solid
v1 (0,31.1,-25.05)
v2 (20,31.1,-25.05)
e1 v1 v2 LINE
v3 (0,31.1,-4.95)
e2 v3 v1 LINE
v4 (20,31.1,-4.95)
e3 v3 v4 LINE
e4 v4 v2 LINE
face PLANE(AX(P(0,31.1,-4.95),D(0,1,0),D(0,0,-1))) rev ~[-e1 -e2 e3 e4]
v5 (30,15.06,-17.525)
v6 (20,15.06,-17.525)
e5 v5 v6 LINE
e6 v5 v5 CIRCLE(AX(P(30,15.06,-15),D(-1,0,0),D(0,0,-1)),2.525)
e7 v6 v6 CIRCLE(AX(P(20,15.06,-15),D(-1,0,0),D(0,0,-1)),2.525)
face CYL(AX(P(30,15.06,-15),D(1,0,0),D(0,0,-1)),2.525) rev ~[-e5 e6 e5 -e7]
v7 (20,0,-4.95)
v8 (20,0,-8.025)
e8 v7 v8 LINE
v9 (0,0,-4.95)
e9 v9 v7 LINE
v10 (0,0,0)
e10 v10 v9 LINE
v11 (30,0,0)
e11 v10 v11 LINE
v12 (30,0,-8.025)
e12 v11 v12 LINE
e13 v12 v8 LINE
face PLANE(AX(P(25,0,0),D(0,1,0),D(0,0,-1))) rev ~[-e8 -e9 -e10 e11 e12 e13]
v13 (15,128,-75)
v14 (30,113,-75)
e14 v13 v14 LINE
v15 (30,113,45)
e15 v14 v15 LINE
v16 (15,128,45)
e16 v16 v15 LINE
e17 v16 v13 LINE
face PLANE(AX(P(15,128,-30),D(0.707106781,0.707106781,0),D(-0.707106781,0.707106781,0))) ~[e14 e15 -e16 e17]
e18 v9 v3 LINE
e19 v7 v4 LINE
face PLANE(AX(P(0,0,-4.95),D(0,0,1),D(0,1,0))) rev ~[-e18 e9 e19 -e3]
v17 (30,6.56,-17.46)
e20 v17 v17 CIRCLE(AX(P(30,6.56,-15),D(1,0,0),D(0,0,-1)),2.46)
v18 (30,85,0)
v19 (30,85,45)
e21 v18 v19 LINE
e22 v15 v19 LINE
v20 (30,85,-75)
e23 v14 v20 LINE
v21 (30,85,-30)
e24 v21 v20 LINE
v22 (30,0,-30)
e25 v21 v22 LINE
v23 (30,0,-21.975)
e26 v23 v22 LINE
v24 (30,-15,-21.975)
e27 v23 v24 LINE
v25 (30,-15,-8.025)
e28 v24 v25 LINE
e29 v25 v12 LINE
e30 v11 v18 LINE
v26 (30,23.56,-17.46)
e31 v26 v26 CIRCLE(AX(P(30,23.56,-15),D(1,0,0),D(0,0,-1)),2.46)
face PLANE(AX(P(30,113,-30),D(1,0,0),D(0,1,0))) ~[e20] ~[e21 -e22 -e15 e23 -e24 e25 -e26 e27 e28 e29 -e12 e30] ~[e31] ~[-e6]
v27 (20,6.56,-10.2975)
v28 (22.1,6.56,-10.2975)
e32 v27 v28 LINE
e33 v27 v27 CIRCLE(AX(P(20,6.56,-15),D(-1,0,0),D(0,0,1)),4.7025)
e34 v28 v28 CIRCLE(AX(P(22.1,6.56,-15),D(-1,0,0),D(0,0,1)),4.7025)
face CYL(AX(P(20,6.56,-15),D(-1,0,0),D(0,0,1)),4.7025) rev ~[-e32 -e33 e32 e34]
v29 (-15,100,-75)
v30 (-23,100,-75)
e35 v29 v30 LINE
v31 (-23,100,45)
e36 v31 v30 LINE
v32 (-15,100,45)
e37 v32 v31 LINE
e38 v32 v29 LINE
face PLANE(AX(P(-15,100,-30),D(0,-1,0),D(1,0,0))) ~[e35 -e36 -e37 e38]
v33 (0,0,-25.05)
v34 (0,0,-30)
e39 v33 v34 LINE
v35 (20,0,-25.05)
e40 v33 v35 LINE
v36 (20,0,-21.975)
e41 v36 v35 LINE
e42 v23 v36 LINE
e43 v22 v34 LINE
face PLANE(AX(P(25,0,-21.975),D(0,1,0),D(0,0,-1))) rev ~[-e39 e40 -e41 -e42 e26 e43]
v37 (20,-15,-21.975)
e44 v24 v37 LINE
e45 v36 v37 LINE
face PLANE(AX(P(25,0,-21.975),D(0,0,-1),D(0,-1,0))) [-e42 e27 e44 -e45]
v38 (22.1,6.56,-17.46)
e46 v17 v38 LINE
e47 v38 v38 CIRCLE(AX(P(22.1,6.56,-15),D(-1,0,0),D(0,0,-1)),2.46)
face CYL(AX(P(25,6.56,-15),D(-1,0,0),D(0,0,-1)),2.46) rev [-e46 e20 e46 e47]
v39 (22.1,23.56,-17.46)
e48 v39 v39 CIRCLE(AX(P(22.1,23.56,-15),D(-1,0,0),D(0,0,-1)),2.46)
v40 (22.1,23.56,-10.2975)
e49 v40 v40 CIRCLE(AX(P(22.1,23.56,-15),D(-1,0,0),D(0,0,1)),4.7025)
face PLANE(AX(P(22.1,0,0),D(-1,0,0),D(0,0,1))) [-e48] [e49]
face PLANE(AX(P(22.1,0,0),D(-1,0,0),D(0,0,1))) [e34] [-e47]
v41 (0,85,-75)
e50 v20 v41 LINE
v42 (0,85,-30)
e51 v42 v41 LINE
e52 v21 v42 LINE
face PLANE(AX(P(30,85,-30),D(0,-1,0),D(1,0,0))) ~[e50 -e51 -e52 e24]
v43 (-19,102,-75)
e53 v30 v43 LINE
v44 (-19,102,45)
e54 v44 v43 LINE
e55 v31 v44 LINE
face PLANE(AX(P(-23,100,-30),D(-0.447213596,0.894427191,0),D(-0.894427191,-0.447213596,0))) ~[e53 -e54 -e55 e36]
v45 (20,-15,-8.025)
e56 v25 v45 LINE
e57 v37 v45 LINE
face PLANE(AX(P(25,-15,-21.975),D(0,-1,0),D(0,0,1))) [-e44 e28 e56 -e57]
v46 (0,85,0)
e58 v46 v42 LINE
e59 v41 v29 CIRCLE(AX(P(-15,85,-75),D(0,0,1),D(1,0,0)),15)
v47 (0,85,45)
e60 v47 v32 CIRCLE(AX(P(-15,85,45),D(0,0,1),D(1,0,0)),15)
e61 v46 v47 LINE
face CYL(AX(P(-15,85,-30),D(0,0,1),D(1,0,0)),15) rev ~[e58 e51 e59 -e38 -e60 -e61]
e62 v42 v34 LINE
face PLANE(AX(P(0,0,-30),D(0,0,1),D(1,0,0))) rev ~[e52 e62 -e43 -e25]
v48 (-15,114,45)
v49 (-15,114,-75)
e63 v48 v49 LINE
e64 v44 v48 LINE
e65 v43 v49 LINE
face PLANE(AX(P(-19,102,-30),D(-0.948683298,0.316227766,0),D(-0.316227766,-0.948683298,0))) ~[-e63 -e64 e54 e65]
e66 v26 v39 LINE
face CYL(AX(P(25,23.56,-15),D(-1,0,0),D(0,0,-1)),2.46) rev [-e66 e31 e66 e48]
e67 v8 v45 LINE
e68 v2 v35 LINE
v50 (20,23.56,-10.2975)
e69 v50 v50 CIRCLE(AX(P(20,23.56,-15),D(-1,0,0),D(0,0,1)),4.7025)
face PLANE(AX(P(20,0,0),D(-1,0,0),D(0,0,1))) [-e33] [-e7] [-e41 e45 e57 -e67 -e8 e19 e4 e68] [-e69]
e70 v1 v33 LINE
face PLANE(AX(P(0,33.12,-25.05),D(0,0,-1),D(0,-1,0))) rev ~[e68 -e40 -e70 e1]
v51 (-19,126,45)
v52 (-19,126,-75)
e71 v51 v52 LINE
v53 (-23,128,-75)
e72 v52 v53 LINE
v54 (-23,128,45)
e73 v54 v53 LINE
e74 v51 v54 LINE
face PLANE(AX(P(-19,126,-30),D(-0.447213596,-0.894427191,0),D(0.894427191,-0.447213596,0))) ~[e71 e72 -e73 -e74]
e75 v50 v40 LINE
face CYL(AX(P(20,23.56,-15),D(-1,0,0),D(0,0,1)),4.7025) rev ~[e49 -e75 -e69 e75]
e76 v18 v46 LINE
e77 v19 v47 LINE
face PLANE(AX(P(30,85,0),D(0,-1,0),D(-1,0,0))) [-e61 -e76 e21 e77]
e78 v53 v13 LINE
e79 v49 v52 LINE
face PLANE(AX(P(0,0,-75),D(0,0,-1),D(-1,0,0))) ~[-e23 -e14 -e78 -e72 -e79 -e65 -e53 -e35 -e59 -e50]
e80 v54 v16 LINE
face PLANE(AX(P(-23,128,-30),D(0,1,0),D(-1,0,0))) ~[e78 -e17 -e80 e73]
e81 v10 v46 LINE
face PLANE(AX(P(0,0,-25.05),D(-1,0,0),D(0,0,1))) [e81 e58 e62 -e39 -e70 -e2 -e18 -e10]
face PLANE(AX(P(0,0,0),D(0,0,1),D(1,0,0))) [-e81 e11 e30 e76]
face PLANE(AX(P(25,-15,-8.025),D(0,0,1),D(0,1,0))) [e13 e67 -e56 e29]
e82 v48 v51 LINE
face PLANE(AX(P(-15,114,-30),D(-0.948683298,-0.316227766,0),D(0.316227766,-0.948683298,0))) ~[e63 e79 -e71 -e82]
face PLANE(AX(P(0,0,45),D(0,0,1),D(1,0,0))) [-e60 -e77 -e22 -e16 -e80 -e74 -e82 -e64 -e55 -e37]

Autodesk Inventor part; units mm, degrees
ref_plane "YZ Plane" through (0, 0, 0) normal (1, 0, 0) x (0, 1, 0)
ref_plane "XZ Plane" through (0, 0, 0) normal (0, 1, 0) x (-1, 0, 0)
sketch "Sketch1" plane through (0, 0, 0) normal (0, 0, 1) x (1, 0, 0)
  line L0 (0, 0) -> (25, 0)
  line L1 (25, 0) -> (25, 40)
  line L2 (25, 40) -> (0, 40)
  line L3 (0, 40) -> (0, 0)
  dimension "d1" = 25
  dimension "d2" = 40
  dimension "d3" = 25
extrude "Extrusion1" add sketch "Sketch1" against normal blind 30
sketch "Sketch2" plane through (25, 0, 0) normal (1, 0, 0) x (0, 0, -1)
  line L0 (0, 0) -> (30, 0) projected
  circle A0 centre (15, 6.56) radius 2.46
extrude "Extrusion2" cut sketch "Sketch2" against normal blind 30
sketch "Sketch3" plane through (0, 0, 0) normal (-1, 0, 0) x (0, 0, 1)
  line L0 (0, 0) -> (-30, 0) projected
  line L1 (-25.05, 0) -> (-4.95, 0)
  line L2 (-4.95, 0) -> (-4.95, 33.12)
  line L3 (-4.95, 33.12) -> (-25.05, 33.12)
  line L4 (-25.05, 33.12) -> (-25.05, 0)
  dimension "d11" = 20.1
extrude "Extrusion3" cut sketch "Sketch3" against normal blind 20
sketch "Sketch4" plane through (0, 0, 0) normal (0, -1, 0) x (1, 0, 0)
  line L0 (20, -4.95) -> (20, -25.05) projected
  line L1 (20, -15) -> (25, -15)
  line L2 (25, 0) -> (25, -30) projected
  line L3 (20, -8.025) -> (25, -8.025)
  line L4 (25, -8.025) -> (25, -21.975)
  line L5 (25, -21.975) -> (20, -21.975)
  line L6 (20, -21.975) -> (20, -8.025)
  line L7 (20, -8.025) -> (25, -21.975) construction
  line L8 (25, -8.025) -> (20, -21.975) construction
  line L9 (25, -12.54) -> (25, -17.46) projected
  point P0 (0, 0)
  point P1 (22.5, -15)
  dimension "d14" = 13.95
extrude "Extrusion4" add sketch "Sketch4" along normal blind 15
sketch "Sketch5" plane through (20, 0, 0) normal (-1, 0, 0) x (0, 0, 1)
  circle A0 centre (-15, 6.56) radius 2.46 projected
  circle A1 centre (-15, 6.56) radius 4.7025
  circle A2 centre (-15, 6.56) radius 2.46 projected
  circle A3 centre (-15, 6.56) radius 2.46
  point P0 (0, 0)
  dimension "d17" = 9.405
extrude "Extrusion5" cut sketch "Sketch5" against normal blind 2.1
sketch "Sketch6" plane through (25, 0, 0) normal (1, 0, 0) x (0, 0, -1)
  circle A0 centre (15, 6.56) radius 4.7025 projected
  line L0 (15, 6.56) -> (15, 23.56)
  circle A1 centre (15, 23.56) radius 2.46
  point P0 (0, 0)
  dimension "d20" = 17
  dimension "d21" = 4.92
extrude "Extrusion6" cut sketch "Sketch6" against normal blind 10 contours A1
sketch "Sketch7" plane through (20, 0, 0) normal (-1, 0, 0) x (0, 0, 1)
  circle A0 centre (-15, 23.56) radius 2.46 projected
  circle A1 centre (-15, 23.56) radius 4.7025
  point P0 (0, 0)
  dimension "d24" = 9.405
extrude "Extrusion7" cut sketch "Sketch7" against normal blind 2.1
sketch "Sketch9" plane through (25, 0, 0) normal (1, 0, 0) x (0, 0, -1)
  circle A0 centre (15, 6.56) radius 2.46 projected
  circle A1 centre (15, 6.56) radius 2.46
  circle A2 centre (15, 23.56) radius 2.46 projected
  circle A3 centre (15, 23.56) radius 2.46
  line L0 (30, 40) -> (30, 0) projected
  line L1 (30, 0) -> (30, 40)
  line L2 (30, 40) -> (0, 40)
  line L3 (0, 40) -> (0, 0)
  line L4 (0, 0) -> (8.025, 0) projected
  line L5 (21.975, 0) -> (21.975, -15)
  line L6 (21.975, -15) -> (8.025, -15)
  line L7 (8.025, -15) -> (8.025, 0)
  line L8 (0, 0) -> (8.025, 0)
  line L9 (21.975, 0) -> (30, 0)
extrude "Extrusion8" add sketch "Sketch9" along normal blind 5
sketch "Sketch10" plane through (0, 40, 0) normal (0, 1, 0) x (1, 0, 0)
  line L0 (0, 30) -> (30, 30) projected
  line L1 (30, 0) -> (0, 0) projected
  line L2 (0, 30) -> (30, 30)
  line L3 (30, 30) -> (30, 0)
  line L4 (30, 0) -> (0, 0)
  line L5 (0, 0) -> (0, 30)
extrude "Extrusion9" add sketch "Sketch10" along normal blind 30
sketch "Sketch12" plane through (30, 0, 0) normal (1, 0, 0) x (0, 0, -1)
  circle A0 centre (15, 6.56) radius 2.46 projected
  line L0 (15, 6.56) -> (15, 15.06)
  circle A1 centre (15, 15.06) radius 2.525
  point P0 (0, 0)
  dimension "d31" = 8.5
  dimension "d33" = 5.05
extrude "Extrusion10" cut sketch "Sketch12" against normal blind 30 contours A1
sketch "Sketch14" plane through (0, 0, 0) normal (0, 0, 1) x (1, 0, 0)
  line L0 (30, 70) -> (0, 70) projected
  line L1 (0, 70) -> (0, 85)
  line L2 (-15, 100) -> (-23, 100)
  line L3 (30, 0) -> (30, 70) projected
  line L4 (30, 113) -> (30, 70)
  arc A0 (0, 85) -> (-15, 100) centre (-15, 85) ccw
  line L5 (30, 105) -> (30, 100)
  line L6 (-23, 128) -> (15, 128)
  line L7 (-19, 126) -> (-23, 128)
  line L8 (-19, 126) -> (-15, 114)
  line L9 (-19, 102) -> (-23, 100)
  line L10 (-19, 102) -> (-15, 114)
  line L11 (30, 113) -> (15, 128)
  point P0 (0, 0)
  point P1 (0, 100)
  dimension "d47" = 30
  dimension "d54" = 15
  dimension "d69" = 28
extrude "Extrusion12" add sketch "Sketch14" against normal blind 30
sketch "Sketch15" plane through (0, 0, -25.05) normal (-1, 0, 0) x (0, 0, 1)
  line L0 (0, 33.12) -> (20.1, 33.12) projected
  line L1 (20.1, 33.12) -> (20.1, 0) projected
  line L2 (0, 33.12) -> (20.1, 33.12)
  line L3 (20.1, 33.12) -> (20.1, 31.1)
  line L4 (20.1, 31.1) -> (0, 31.1)
  line L5 (0, 31.1) -> (0, 33.12)
  point P0 (25.05, 0)
  dimension "d57" = 2.02
extrude "Extrusion13" add sketch "Sketch15" against normal blind 20
sketch "Sketch20" plane through (0, 0, 0) normal (0, 0, 1) x (1, 0, 0)
  arc A0 (0, 85) -> (-15, 100) centre (-15, 85) ccw projected
  arc A1 (0, 85) -> (-15, 100) centre (-15, 85) ccw
  line L0 (-15, 100) -> (-23, 100) projected
  line L1 (-15, 100) -> (-23, 100)
  line L2 (-23, 100) -> (-19, 102) projected
  line L3 (-23, 100) -> (-19, 102)
  line L4 (-19, 102) -> (-15, 114) projected
  line L5 (-19, 102) -> (-15, 114)
  line L6 (-15, 114) -> (-19, 126) projected
  line L7 (-15, 114) -> (-19, 126)
  line L8 (-19, 126) -> (-23, 128) projected
  line L9 (-19, 126) -> (-23, 128)
  line L10 (-23, 128) -> (15, 128) projected
  line L11 (-23, 128) -> (15, 128)
  line L12 (15, 128) -> (30, 113) projected
  line L13 (15, 128) -> (30, 113)
  line L14 (30, 113) -> (30, 85)
  line L15 (30, 0) -> (30, 113) projected
  line L16 (30, 85) -> (0, 85)
  point P0 (0, 0)
extrude "Extrusion14" add sketch "Sketch20" along normal blind 45
ref_plane "Work Plane1" through (0, 0, -15) normal (0, 0, 1) x (1, 0, 0)
mirror "Mirror1" about plane through (0, 0, -15) normal (0, 0, 1) of "Extrusion14"
properties part number "24mm_x_120mm"
